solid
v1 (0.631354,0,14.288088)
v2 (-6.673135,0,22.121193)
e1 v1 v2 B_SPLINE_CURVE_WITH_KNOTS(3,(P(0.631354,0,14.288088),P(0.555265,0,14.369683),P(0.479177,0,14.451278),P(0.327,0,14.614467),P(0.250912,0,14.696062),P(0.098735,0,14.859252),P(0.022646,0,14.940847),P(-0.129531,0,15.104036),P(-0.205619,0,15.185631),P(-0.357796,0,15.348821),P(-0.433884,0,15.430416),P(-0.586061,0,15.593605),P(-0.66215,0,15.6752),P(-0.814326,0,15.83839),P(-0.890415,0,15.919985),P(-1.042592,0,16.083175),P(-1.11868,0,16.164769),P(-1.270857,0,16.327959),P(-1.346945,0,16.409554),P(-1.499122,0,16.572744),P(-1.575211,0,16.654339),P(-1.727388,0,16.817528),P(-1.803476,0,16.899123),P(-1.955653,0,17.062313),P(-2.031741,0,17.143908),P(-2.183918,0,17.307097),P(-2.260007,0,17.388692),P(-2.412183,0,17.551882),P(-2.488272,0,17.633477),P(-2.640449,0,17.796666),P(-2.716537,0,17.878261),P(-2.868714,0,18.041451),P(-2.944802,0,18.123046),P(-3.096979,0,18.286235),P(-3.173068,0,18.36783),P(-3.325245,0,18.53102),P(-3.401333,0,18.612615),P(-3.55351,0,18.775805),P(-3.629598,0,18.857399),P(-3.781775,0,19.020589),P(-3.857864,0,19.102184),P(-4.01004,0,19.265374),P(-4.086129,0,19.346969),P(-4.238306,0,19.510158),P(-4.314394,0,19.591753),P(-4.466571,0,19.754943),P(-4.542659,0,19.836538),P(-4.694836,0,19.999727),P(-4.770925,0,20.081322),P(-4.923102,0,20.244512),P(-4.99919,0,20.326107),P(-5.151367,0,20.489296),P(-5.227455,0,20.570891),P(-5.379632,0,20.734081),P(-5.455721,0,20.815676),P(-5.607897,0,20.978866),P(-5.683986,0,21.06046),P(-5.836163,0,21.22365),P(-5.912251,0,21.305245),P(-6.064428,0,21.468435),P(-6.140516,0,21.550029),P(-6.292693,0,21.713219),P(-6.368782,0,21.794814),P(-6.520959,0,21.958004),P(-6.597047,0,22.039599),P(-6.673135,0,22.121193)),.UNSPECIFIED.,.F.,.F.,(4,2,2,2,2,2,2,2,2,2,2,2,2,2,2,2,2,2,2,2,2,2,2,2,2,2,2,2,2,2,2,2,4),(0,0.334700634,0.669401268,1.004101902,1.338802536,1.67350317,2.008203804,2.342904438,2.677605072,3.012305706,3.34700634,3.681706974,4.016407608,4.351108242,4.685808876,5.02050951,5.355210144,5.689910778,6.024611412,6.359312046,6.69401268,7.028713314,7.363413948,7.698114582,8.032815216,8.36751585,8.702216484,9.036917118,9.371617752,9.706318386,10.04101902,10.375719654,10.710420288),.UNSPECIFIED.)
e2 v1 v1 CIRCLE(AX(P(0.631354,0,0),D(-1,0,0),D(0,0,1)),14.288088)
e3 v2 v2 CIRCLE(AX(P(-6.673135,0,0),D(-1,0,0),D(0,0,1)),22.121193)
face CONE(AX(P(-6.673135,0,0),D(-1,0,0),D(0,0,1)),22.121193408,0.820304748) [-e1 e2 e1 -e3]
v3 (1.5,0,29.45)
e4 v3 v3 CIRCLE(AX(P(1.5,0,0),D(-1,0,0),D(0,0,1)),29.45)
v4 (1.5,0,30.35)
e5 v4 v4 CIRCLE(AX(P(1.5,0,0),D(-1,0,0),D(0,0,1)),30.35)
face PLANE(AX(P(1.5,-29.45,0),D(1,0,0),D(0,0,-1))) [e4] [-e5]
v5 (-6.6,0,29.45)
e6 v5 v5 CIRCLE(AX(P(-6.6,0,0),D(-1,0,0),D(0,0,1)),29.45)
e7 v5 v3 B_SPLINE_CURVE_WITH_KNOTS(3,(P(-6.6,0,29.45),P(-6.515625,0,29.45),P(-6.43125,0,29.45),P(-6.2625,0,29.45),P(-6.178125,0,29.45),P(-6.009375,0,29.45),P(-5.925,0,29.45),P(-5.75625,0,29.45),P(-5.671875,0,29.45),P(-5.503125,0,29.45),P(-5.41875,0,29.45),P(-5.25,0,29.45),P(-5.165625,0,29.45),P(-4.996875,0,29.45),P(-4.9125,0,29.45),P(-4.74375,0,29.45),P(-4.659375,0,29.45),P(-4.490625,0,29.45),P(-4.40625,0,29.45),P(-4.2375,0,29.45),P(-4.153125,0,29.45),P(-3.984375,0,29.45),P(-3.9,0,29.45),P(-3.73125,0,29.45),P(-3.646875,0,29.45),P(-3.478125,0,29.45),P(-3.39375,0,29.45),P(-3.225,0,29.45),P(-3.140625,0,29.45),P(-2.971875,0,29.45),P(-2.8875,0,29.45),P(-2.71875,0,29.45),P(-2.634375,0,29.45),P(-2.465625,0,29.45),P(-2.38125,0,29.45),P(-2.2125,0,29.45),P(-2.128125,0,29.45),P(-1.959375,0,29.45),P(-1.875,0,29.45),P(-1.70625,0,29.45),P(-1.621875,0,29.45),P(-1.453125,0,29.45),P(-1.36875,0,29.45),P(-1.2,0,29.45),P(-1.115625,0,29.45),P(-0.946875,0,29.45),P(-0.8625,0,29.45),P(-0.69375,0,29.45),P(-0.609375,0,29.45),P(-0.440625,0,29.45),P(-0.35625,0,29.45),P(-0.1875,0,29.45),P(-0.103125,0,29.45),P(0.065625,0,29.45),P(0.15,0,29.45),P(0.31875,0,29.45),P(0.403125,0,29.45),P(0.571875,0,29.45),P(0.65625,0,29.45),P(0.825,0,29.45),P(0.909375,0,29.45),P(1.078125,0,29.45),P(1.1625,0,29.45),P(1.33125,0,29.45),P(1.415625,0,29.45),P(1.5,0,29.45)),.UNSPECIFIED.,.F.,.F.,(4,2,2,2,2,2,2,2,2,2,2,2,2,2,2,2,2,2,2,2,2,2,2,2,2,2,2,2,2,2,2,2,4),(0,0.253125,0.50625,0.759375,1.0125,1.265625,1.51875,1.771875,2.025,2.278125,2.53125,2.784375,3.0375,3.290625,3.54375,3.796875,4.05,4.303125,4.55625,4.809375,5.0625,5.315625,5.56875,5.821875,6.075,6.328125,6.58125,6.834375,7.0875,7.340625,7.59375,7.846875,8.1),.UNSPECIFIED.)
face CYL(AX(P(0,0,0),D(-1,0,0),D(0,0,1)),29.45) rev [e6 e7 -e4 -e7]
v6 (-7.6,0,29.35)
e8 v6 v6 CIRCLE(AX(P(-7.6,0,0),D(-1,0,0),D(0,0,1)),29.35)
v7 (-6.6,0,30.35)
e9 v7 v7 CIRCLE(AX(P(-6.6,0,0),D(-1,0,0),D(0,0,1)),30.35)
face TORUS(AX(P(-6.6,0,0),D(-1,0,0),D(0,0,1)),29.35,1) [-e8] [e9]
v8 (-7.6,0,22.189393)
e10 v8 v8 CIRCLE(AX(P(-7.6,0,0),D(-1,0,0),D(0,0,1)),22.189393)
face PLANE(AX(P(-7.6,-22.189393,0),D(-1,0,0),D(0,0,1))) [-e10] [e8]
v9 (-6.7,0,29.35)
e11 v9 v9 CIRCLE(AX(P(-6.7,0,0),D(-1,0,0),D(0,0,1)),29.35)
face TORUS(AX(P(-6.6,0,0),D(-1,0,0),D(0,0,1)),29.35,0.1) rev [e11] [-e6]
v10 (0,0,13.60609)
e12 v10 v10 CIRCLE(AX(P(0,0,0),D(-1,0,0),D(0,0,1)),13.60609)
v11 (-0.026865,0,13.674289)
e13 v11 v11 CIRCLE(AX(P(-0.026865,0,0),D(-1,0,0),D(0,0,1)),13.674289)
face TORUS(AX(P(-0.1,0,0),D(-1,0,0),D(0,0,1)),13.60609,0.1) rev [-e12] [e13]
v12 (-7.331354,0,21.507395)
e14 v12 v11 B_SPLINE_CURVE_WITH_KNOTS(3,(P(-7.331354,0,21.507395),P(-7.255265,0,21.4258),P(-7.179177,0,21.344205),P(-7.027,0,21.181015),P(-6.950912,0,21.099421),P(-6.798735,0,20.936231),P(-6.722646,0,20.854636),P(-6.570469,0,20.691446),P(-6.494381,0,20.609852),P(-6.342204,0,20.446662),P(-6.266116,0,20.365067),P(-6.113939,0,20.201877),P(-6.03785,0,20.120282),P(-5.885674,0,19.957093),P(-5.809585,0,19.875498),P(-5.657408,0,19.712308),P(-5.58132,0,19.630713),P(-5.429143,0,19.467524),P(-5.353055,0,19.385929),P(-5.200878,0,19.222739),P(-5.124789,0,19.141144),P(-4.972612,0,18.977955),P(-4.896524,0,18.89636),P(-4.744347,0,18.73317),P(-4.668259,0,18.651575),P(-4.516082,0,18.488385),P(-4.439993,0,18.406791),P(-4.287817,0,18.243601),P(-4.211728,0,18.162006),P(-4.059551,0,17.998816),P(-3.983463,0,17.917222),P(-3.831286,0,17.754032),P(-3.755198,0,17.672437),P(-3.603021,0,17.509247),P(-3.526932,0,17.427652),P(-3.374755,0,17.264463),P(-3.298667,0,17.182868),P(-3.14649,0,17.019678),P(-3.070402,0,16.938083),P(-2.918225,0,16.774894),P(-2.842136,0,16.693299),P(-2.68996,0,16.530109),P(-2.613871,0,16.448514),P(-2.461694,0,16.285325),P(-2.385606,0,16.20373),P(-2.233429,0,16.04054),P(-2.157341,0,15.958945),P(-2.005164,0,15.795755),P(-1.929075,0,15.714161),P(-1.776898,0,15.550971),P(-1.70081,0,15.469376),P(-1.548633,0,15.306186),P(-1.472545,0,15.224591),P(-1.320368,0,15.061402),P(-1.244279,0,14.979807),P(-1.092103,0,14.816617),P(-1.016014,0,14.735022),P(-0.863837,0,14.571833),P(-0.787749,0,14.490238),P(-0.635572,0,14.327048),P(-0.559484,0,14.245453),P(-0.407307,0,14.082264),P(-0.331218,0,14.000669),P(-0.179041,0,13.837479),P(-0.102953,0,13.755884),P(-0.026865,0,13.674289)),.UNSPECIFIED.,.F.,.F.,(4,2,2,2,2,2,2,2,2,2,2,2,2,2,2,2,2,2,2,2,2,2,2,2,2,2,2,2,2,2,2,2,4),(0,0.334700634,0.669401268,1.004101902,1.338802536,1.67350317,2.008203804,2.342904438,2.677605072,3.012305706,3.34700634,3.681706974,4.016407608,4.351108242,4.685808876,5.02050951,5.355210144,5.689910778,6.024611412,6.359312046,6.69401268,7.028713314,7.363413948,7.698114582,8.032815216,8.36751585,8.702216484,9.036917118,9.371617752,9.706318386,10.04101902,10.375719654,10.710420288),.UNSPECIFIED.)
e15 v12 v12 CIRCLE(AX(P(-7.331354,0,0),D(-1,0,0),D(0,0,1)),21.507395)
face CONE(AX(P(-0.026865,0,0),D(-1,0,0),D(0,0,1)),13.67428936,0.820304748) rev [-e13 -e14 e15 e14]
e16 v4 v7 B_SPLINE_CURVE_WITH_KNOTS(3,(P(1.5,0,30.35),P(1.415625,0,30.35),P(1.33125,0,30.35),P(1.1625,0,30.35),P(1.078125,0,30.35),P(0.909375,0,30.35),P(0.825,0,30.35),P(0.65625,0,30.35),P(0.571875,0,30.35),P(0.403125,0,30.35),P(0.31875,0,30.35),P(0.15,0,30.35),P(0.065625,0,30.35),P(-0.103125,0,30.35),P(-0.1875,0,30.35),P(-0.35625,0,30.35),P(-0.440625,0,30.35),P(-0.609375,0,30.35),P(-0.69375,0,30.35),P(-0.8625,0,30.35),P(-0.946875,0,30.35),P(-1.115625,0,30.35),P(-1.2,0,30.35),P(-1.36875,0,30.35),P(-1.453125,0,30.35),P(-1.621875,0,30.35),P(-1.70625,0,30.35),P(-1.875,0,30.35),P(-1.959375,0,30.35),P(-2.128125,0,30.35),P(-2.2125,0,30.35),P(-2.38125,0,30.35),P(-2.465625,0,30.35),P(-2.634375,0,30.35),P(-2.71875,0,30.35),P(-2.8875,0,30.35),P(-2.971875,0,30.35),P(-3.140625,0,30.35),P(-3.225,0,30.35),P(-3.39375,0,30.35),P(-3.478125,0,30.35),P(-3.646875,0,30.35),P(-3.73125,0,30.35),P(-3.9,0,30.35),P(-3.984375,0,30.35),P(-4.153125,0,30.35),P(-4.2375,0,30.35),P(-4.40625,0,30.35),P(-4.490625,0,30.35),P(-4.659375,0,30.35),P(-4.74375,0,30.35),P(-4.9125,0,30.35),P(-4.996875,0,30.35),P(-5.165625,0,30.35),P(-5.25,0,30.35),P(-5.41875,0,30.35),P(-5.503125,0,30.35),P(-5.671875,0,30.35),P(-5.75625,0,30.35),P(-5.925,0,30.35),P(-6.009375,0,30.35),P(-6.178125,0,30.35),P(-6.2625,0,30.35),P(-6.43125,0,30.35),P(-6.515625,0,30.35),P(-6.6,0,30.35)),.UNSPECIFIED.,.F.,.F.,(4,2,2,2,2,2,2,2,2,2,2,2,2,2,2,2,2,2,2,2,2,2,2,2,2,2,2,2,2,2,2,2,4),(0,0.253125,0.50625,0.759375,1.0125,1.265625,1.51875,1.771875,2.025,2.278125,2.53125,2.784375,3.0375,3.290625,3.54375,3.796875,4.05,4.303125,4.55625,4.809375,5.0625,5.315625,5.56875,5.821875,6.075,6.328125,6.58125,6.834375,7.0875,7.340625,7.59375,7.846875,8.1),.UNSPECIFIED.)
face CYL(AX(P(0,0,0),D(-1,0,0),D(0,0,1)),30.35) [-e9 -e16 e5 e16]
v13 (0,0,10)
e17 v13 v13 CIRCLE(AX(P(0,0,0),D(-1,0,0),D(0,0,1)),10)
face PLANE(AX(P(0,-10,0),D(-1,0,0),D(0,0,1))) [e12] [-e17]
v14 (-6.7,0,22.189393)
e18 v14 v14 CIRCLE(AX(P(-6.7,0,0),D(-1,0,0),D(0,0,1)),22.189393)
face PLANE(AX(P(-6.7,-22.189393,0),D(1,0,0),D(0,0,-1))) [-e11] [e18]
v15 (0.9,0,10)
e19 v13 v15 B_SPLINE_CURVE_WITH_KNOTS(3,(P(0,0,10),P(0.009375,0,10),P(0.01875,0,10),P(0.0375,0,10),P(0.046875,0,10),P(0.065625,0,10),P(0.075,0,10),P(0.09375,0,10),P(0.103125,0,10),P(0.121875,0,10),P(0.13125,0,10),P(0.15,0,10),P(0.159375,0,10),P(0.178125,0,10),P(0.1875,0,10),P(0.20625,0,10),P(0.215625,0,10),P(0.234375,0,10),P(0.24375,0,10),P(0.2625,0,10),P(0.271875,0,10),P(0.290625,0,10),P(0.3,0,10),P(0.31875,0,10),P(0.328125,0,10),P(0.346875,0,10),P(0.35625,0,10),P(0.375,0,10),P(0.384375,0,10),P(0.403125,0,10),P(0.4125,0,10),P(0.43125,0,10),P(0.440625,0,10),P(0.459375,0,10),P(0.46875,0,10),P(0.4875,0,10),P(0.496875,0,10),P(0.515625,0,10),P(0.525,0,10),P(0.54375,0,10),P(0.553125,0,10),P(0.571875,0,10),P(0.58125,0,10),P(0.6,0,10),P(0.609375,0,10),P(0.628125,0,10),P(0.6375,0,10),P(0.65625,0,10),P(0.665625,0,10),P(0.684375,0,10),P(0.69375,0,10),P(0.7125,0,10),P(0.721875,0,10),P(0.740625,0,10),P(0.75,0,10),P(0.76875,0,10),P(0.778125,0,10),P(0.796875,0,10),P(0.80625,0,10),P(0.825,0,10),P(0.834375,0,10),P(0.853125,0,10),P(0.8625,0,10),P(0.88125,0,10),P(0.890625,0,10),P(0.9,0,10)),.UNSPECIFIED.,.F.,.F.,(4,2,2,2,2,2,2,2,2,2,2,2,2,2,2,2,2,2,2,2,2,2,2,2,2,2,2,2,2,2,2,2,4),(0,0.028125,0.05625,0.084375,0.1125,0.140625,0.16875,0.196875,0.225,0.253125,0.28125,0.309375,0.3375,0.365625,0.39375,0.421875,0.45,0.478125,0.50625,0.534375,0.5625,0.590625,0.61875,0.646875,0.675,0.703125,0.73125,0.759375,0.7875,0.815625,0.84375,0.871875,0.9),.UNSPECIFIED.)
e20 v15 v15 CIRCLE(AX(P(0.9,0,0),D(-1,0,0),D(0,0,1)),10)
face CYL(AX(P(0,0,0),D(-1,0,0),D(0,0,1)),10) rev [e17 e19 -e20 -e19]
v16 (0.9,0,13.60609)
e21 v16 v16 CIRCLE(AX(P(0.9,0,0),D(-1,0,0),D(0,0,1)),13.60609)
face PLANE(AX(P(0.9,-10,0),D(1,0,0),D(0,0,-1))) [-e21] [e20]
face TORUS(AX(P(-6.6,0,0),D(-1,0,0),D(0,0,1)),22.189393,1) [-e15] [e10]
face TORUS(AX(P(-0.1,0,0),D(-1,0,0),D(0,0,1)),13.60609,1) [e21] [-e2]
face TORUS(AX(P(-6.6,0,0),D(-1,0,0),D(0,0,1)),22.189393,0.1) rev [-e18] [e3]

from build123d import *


with BuildPart() as part:
    # Croquis1 → Revolución1 (revolve)
    with BuildSketch(Plane.XY, mode=Mode.PRIVATE) as revoluci_n1_sk:
        with BuildLine():
            Line((0.9, -10), (0.9, -13.606089524))
            ThreePointArc((0.9, -13.606089524), (0.830417568, -13.972590751), (0.631353702, -14.288087884))
            Line((0.631353702, -14.288087884), (-6.67313537, -22.121193408))
            ThreePointArc((-6.67313537, -22.121193408), (-6.693041757, -22.152743121), (-6.7, -22.189393244))
            Line((-6.7, -22.189393244), (-6.7, -29.35))
            ThreePointArc((-6.7, -29.35), (-6.670710678, -29.420710678), (-6.6, -29.45))
            Line((-6.6, -29.45), (1.5, -29.45))
            Line((1.5, -29.45), (1.5, -30.35))
            Line((1.5, -30.35), (-6.6, -30.35))
            ThreePointArc((-6.6, -30.35), (-7.307106781, -30.057106781), (-7.6, -29.35))
            Line((-7.6, -29.35), (-7.6, -22.189393244))
            ThreePointArc((-7.6, -22.189393244), (-7.530417568, -21.822892017), (-7.331353702, -21.507394884))
            Line((-7.331353702, -21.507394884), (-0.02686463, -13.67428936))
            ThreePointArc((-0.02686463, -13.67428936), (-0.006958243, -13.642739647), (0, -13.606089524))
            Line((0, -13.606089524), (0, -10))
            Line((0, -10), (0.9, -10))
        make_face()
    revolve(revoluci_n1_sk.sketch.rotate(Axis((0, 0, 0), (1, 0, 0)), 270), axis=Axis((0, 0, 0), (1, 0, 0)))


solid = part.part
